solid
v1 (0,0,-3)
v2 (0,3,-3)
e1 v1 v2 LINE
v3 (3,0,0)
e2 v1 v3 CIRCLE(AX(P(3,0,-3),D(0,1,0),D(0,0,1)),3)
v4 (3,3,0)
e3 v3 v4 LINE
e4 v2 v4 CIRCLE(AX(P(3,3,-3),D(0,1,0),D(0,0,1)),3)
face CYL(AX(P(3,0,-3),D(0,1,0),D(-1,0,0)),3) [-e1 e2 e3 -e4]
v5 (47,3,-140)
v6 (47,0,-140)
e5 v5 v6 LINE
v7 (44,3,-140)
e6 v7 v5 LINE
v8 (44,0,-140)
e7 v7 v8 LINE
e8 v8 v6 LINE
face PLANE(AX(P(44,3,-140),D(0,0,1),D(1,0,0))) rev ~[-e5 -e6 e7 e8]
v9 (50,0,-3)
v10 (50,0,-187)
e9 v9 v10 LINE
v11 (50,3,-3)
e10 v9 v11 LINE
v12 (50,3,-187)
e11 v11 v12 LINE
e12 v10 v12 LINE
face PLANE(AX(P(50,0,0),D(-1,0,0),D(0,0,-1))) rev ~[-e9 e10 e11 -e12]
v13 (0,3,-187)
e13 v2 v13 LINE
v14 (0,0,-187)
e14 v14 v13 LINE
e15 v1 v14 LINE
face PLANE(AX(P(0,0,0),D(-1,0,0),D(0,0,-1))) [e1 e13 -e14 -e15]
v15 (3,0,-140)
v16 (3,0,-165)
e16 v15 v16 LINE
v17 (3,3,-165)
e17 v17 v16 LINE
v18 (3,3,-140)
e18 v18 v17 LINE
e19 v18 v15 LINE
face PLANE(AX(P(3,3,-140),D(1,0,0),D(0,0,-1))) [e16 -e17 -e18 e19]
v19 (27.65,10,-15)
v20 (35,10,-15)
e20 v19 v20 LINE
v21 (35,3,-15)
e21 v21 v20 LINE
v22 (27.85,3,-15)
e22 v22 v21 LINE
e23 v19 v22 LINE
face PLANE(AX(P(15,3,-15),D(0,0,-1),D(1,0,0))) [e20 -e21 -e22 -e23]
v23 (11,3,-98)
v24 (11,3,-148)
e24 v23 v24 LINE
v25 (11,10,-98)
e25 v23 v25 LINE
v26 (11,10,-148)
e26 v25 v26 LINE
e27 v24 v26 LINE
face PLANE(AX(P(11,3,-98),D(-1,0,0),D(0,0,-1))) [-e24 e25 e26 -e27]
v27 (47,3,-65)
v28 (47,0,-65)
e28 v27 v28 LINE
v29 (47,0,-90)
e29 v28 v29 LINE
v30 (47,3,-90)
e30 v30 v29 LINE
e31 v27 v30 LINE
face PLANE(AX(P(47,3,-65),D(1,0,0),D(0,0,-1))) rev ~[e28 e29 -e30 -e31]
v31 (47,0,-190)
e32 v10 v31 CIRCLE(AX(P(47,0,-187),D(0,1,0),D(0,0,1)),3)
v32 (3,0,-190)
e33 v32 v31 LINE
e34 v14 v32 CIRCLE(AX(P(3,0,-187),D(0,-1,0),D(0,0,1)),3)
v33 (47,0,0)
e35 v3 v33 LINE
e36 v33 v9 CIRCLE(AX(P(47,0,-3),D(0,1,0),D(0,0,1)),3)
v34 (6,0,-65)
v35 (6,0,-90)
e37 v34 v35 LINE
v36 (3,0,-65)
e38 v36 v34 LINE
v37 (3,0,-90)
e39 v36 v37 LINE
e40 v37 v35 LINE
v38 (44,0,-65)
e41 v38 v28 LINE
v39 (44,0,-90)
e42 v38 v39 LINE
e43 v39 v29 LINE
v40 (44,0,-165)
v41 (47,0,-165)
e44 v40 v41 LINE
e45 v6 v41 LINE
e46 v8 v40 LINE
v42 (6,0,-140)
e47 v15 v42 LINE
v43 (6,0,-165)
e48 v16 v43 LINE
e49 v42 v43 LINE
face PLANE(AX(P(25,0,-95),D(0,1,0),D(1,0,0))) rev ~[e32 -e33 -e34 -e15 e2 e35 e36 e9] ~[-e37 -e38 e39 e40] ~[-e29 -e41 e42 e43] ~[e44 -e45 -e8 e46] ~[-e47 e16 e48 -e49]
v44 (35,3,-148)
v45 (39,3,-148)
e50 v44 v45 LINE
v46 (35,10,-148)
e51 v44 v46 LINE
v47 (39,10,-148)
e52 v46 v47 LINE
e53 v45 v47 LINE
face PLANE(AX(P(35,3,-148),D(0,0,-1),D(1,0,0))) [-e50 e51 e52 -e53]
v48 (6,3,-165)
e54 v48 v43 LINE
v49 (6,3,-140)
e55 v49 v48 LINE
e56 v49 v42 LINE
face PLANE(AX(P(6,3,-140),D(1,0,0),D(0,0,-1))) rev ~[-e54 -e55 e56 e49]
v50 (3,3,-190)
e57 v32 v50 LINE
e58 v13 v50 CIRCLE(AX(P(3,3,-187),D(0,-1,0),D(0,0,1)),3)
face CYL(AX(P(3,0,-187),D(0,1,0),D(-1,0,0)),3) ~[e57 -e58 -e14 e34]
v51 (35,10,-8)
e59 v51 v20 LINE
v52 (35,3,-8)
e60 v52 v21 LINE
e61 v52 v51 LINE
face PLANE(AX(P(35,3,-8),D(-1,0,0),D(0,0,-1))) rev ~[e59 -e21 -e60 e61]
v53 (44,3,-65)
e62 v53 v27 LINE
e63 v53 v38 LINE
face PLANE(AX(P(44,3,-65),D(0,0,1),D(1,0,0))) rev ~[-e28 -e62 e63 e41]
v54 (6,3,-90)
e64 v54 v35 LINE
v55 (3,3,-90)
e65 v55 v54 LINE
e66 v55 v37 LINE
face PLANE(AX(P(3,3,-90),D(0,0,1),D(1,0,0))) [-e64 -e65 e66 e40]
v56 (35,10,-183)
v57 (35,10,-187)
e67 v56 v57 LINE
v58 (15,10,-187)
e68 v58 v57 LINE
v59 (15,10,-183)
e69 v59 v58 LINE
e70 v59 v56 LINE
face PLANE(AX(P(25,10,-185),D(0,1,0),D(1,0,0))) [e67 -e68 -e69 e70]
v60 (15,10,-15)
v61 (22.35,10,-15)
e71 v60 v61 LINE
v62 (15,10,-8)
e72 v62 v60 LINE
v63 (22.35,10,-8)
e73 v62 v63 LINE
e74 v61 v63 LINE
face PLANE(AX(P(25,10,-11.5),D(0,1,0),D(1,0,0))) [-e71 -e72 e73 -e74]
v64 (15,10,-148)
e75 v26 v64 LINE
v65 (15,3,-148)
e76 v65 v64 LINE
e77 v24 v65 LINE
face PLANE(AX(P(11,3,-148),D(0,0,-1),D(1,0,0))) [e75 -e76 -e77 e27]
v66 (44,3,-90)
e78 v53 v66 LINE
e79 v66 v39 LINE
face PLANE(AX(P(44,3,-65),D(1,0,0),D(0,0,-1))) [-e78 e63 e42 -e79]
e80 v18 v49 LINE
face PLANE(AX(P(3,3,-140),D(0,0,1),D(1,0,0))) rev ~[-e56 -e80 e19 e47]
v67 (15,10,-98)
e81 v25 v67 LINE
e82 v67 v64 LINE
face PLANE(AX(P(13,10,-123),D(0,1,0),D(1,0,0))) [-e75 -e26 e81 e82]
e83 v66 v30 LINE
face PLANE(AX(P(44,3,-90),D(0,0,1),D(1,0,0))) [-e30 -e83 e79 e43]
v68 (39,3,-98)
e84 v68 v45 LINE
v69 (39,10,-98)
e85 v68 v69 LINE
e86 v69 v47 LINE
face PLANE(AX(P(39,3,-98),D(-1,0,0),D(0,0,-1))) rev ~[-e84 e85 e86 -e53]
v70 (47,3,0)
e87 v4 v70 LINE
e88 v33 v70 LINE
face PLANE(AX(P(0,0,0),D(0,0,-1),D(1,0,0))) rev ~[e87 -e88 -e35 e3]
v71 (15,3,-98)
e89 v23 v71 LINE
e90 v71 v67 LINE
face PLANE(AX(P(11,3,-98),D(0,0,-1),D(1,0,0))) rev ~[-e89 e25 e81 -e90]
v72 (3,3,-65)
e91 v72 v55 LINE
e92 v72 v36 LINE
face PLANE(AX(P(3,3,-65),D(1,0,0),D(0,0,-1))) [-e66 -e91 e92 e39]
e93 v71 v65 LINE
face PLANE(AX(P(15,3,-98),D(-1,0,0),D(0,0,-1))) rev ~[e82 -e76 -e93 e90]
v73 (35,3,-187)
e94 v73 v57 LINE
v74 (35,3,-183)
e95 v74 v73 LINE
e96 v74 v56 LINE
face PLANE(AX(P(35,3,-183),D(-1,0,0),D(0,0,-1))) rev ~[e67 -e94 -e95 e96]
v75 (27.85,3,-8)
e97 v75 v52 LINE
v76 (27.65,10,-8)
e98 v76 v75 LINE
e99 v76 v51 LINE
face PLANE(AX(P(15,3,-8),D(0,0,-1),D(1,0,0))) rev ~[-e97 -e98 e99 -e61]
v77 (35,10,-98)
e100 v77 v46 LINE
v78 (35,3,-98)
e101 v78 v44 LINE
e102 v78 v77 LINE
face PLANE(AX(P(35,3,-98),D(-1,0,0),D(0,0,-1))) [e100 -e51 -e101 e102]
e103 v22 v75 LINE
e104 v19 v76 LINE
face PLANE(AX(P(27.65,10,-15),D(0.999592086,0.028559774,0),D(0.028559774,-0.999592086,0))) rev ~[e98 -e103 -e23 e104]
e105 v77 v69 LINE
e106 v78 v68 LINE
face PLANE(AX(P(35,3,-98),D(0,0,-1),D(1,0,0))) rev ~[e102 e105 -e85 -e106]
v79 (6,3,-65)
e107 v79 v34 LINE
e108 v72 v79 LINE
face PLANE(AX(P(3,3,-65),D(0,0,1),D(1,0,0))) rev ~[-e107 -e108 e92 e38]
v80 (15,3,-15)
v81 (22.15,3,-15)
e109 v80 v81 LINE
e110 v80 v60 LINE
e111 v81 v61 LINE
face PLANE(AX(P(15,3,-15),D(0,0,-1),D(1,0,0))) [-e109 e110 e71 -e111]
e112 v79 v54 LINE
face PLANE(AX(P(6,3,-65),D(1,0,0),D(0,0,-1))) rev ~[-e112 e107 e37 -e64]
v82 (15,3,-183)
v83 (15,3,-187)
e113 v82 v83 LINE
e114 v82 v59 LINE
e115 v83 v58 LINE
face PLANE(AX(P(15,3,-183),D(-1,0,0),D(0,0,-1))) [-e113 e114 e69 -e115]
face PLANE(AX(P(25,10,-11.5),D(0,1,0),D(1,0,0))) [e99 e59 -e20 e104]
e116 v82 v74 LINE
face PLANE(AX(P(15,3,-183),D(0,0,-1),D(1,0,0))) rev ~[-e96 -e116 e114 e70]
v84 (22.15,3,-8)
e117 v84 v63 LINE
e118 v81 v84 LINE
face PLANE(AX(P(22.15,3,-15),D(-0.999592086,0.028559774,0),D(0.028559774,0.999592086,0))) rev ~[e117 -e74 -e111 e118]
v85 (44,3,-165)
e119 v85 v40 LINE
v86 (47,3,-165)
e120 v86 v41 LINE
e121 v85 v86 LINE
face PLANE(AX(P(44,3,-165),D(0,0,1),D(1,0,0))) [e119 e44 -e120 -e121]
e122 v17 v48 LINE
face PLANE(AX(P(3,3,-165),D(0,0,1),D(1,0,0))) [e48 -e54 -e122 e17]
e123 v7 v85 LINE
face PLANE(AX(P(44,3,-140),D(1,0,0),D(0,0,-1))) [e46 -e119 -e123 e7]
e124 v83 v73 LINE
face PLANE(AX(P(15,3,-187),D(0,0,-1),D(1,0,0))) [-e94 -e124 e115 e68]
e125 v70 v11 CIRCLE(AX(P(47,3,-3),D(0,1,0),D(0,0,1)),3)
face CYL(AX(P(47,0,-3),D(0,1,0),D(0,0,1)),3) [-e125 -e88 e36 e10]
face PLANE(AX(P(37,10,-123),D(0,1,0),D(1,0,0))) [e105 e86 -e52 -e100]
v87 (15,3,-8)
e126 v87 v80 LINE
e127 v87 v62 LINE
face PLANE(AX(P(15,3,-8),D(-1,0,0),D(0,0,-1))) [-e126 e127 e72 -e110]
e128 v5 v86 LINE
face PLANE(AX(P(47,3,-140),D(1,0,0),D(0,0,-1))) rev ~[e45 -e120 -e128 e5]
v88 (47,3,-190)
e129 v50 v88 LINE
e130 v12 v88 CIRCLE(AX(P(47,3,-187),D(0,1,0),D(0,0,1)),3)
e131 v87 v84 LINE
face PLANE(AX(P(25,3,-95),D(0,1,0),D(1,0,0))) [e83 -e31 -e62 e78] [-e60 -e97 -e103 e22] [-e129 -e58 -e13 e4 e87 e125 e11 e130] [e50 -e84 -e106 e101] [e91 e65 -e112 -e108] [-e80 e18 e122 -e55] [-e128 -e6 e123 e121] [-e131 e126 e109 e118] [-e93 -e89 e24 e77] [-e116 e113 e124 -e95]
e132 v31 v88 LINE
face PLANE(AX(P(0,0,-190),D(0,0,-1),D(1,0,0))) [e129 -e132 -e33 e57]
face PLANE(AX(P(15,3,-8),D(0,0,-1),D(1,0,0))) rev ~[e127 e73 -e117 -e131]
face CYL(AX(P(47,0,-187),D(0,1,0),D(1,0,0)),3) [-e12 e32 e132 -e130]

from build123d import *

# Parameters (mm, degrees)
SKETCH1_W           = 50
SKETCH1_H           = 190
BOSS_EXTRUDE1_DEPTH = 3
FILLET1_R           = 3
SKETCH2_W           = 20
SKETCH2_H           = 4
SKETCH2_W_2         = 4
SKETCH2_H_2         = 50
BOSS_EXTRUDE2_DEPTH = 7
SKETCH3_W           = 20
SKETCH3_H           = 7
BOSS_EXTRUDE3_DEPTH = 7
CUT_EXTRUDE1_DEPTH  = 7
SKETCH6_W           = 3
SKETCH6_H           = 25
CUT_EXTRUDE2_DEPTH  = 7


with BuildPart() as part:
    # Sketch1 → Boss-Extrude1 (new body)
    with BuildSketch(Plane(origin=(0, 0, 0), x_dir=(1, 0, 0), z_dir=(0, 1, 0))):
        with Locations((25, 95)):
            Rectangle(SKETCH1_W, SKETCH1_H)
    extrude(amount=BOSS_EXTRUDE1_DEPTH)

    # Fillet1
    fillet1_edges = [part.edges().sort_by_distance(p)[0] for p in [
        (0, 1.5, -190),
        (50, 1.5, -190),
        (50, 1.5, 0),
        (0, 1.5, 0),
    ]]
    fillet(fillet1_edges, radius=FILLET1_R)

    # Sketch2 → Boss-Extrude2 (add)
    with BuildSketch(Plane(origin=(0, 3, 0), x_dir=(1, 0, 0), z_dir=(0, 1, 0))):
        with Locations((25, 185)):
            Rectangle(SKETCH2_W, SKETCH2_H)
        with Locations((13, 123)):
            Rectangle(SKETCH2_W_2, SKETCH2_H_2)
        with Locations((37, 123)):
            Rectangle(SKETCH2_W_2, SKETCH2_H_2)
    extrude(amount=BOSS_EXTRUDE2_DEPTH)

    # Sketch3 → Boss-Extrude3 (add)
    with BuildSketch(Plane(origin=(0, 3, 0), x_dir=(1, 0, 0), z_dir=(0, 1, 0))):
        with Locations((25, 11.5)):
            Rectangle(SKETCH3_W, SKETCH3_H)
    extrude(amount=BOSS_EXTRUDE3_DEPTH)

    # Sketch5 → Cut-Extrude1 (cut)
    with BuildSketch(Plane(origin=(0, 0, -15), x_dir=(-1, 0, 0), z_dir=(0, 0, -1))):
        Polygon((-22.15, 3), (-22.35, 10), (-27.65, 10), (-27.85, 3), align=None)
    extrude(amount=-CUT_EXTRUDE1_DEPTH, mode=Mode.SUBTRACT)

    # Sketch6 → Cut-Extrude2 (cut)
    with BuildSketch(Plane(origin=(0, 3, 0), x_dir=(1, 0, 0), z_dir=(0, 1, 0))):
        with Locations((4.5, 152.5)):
            Rectangle(SKETCH6_W, SKETCH6_H)
        with Locations((45.5, 152.5)):
            Rectangle(SKETCH6_W, SKETCH6_H)
        with Locations((4.5, 77.5)):
            Rectangle(SKETCH6_W, SKETCH6_H)
        with Locations((45.5, 77.5)):
            Rectangle(SKETCH6_W, SKETCH6_H)
    extrude(amount=-CUT_EXTRUDE2_DEPTH, mode=Mode.SUBTRACT)


solid = part.part
